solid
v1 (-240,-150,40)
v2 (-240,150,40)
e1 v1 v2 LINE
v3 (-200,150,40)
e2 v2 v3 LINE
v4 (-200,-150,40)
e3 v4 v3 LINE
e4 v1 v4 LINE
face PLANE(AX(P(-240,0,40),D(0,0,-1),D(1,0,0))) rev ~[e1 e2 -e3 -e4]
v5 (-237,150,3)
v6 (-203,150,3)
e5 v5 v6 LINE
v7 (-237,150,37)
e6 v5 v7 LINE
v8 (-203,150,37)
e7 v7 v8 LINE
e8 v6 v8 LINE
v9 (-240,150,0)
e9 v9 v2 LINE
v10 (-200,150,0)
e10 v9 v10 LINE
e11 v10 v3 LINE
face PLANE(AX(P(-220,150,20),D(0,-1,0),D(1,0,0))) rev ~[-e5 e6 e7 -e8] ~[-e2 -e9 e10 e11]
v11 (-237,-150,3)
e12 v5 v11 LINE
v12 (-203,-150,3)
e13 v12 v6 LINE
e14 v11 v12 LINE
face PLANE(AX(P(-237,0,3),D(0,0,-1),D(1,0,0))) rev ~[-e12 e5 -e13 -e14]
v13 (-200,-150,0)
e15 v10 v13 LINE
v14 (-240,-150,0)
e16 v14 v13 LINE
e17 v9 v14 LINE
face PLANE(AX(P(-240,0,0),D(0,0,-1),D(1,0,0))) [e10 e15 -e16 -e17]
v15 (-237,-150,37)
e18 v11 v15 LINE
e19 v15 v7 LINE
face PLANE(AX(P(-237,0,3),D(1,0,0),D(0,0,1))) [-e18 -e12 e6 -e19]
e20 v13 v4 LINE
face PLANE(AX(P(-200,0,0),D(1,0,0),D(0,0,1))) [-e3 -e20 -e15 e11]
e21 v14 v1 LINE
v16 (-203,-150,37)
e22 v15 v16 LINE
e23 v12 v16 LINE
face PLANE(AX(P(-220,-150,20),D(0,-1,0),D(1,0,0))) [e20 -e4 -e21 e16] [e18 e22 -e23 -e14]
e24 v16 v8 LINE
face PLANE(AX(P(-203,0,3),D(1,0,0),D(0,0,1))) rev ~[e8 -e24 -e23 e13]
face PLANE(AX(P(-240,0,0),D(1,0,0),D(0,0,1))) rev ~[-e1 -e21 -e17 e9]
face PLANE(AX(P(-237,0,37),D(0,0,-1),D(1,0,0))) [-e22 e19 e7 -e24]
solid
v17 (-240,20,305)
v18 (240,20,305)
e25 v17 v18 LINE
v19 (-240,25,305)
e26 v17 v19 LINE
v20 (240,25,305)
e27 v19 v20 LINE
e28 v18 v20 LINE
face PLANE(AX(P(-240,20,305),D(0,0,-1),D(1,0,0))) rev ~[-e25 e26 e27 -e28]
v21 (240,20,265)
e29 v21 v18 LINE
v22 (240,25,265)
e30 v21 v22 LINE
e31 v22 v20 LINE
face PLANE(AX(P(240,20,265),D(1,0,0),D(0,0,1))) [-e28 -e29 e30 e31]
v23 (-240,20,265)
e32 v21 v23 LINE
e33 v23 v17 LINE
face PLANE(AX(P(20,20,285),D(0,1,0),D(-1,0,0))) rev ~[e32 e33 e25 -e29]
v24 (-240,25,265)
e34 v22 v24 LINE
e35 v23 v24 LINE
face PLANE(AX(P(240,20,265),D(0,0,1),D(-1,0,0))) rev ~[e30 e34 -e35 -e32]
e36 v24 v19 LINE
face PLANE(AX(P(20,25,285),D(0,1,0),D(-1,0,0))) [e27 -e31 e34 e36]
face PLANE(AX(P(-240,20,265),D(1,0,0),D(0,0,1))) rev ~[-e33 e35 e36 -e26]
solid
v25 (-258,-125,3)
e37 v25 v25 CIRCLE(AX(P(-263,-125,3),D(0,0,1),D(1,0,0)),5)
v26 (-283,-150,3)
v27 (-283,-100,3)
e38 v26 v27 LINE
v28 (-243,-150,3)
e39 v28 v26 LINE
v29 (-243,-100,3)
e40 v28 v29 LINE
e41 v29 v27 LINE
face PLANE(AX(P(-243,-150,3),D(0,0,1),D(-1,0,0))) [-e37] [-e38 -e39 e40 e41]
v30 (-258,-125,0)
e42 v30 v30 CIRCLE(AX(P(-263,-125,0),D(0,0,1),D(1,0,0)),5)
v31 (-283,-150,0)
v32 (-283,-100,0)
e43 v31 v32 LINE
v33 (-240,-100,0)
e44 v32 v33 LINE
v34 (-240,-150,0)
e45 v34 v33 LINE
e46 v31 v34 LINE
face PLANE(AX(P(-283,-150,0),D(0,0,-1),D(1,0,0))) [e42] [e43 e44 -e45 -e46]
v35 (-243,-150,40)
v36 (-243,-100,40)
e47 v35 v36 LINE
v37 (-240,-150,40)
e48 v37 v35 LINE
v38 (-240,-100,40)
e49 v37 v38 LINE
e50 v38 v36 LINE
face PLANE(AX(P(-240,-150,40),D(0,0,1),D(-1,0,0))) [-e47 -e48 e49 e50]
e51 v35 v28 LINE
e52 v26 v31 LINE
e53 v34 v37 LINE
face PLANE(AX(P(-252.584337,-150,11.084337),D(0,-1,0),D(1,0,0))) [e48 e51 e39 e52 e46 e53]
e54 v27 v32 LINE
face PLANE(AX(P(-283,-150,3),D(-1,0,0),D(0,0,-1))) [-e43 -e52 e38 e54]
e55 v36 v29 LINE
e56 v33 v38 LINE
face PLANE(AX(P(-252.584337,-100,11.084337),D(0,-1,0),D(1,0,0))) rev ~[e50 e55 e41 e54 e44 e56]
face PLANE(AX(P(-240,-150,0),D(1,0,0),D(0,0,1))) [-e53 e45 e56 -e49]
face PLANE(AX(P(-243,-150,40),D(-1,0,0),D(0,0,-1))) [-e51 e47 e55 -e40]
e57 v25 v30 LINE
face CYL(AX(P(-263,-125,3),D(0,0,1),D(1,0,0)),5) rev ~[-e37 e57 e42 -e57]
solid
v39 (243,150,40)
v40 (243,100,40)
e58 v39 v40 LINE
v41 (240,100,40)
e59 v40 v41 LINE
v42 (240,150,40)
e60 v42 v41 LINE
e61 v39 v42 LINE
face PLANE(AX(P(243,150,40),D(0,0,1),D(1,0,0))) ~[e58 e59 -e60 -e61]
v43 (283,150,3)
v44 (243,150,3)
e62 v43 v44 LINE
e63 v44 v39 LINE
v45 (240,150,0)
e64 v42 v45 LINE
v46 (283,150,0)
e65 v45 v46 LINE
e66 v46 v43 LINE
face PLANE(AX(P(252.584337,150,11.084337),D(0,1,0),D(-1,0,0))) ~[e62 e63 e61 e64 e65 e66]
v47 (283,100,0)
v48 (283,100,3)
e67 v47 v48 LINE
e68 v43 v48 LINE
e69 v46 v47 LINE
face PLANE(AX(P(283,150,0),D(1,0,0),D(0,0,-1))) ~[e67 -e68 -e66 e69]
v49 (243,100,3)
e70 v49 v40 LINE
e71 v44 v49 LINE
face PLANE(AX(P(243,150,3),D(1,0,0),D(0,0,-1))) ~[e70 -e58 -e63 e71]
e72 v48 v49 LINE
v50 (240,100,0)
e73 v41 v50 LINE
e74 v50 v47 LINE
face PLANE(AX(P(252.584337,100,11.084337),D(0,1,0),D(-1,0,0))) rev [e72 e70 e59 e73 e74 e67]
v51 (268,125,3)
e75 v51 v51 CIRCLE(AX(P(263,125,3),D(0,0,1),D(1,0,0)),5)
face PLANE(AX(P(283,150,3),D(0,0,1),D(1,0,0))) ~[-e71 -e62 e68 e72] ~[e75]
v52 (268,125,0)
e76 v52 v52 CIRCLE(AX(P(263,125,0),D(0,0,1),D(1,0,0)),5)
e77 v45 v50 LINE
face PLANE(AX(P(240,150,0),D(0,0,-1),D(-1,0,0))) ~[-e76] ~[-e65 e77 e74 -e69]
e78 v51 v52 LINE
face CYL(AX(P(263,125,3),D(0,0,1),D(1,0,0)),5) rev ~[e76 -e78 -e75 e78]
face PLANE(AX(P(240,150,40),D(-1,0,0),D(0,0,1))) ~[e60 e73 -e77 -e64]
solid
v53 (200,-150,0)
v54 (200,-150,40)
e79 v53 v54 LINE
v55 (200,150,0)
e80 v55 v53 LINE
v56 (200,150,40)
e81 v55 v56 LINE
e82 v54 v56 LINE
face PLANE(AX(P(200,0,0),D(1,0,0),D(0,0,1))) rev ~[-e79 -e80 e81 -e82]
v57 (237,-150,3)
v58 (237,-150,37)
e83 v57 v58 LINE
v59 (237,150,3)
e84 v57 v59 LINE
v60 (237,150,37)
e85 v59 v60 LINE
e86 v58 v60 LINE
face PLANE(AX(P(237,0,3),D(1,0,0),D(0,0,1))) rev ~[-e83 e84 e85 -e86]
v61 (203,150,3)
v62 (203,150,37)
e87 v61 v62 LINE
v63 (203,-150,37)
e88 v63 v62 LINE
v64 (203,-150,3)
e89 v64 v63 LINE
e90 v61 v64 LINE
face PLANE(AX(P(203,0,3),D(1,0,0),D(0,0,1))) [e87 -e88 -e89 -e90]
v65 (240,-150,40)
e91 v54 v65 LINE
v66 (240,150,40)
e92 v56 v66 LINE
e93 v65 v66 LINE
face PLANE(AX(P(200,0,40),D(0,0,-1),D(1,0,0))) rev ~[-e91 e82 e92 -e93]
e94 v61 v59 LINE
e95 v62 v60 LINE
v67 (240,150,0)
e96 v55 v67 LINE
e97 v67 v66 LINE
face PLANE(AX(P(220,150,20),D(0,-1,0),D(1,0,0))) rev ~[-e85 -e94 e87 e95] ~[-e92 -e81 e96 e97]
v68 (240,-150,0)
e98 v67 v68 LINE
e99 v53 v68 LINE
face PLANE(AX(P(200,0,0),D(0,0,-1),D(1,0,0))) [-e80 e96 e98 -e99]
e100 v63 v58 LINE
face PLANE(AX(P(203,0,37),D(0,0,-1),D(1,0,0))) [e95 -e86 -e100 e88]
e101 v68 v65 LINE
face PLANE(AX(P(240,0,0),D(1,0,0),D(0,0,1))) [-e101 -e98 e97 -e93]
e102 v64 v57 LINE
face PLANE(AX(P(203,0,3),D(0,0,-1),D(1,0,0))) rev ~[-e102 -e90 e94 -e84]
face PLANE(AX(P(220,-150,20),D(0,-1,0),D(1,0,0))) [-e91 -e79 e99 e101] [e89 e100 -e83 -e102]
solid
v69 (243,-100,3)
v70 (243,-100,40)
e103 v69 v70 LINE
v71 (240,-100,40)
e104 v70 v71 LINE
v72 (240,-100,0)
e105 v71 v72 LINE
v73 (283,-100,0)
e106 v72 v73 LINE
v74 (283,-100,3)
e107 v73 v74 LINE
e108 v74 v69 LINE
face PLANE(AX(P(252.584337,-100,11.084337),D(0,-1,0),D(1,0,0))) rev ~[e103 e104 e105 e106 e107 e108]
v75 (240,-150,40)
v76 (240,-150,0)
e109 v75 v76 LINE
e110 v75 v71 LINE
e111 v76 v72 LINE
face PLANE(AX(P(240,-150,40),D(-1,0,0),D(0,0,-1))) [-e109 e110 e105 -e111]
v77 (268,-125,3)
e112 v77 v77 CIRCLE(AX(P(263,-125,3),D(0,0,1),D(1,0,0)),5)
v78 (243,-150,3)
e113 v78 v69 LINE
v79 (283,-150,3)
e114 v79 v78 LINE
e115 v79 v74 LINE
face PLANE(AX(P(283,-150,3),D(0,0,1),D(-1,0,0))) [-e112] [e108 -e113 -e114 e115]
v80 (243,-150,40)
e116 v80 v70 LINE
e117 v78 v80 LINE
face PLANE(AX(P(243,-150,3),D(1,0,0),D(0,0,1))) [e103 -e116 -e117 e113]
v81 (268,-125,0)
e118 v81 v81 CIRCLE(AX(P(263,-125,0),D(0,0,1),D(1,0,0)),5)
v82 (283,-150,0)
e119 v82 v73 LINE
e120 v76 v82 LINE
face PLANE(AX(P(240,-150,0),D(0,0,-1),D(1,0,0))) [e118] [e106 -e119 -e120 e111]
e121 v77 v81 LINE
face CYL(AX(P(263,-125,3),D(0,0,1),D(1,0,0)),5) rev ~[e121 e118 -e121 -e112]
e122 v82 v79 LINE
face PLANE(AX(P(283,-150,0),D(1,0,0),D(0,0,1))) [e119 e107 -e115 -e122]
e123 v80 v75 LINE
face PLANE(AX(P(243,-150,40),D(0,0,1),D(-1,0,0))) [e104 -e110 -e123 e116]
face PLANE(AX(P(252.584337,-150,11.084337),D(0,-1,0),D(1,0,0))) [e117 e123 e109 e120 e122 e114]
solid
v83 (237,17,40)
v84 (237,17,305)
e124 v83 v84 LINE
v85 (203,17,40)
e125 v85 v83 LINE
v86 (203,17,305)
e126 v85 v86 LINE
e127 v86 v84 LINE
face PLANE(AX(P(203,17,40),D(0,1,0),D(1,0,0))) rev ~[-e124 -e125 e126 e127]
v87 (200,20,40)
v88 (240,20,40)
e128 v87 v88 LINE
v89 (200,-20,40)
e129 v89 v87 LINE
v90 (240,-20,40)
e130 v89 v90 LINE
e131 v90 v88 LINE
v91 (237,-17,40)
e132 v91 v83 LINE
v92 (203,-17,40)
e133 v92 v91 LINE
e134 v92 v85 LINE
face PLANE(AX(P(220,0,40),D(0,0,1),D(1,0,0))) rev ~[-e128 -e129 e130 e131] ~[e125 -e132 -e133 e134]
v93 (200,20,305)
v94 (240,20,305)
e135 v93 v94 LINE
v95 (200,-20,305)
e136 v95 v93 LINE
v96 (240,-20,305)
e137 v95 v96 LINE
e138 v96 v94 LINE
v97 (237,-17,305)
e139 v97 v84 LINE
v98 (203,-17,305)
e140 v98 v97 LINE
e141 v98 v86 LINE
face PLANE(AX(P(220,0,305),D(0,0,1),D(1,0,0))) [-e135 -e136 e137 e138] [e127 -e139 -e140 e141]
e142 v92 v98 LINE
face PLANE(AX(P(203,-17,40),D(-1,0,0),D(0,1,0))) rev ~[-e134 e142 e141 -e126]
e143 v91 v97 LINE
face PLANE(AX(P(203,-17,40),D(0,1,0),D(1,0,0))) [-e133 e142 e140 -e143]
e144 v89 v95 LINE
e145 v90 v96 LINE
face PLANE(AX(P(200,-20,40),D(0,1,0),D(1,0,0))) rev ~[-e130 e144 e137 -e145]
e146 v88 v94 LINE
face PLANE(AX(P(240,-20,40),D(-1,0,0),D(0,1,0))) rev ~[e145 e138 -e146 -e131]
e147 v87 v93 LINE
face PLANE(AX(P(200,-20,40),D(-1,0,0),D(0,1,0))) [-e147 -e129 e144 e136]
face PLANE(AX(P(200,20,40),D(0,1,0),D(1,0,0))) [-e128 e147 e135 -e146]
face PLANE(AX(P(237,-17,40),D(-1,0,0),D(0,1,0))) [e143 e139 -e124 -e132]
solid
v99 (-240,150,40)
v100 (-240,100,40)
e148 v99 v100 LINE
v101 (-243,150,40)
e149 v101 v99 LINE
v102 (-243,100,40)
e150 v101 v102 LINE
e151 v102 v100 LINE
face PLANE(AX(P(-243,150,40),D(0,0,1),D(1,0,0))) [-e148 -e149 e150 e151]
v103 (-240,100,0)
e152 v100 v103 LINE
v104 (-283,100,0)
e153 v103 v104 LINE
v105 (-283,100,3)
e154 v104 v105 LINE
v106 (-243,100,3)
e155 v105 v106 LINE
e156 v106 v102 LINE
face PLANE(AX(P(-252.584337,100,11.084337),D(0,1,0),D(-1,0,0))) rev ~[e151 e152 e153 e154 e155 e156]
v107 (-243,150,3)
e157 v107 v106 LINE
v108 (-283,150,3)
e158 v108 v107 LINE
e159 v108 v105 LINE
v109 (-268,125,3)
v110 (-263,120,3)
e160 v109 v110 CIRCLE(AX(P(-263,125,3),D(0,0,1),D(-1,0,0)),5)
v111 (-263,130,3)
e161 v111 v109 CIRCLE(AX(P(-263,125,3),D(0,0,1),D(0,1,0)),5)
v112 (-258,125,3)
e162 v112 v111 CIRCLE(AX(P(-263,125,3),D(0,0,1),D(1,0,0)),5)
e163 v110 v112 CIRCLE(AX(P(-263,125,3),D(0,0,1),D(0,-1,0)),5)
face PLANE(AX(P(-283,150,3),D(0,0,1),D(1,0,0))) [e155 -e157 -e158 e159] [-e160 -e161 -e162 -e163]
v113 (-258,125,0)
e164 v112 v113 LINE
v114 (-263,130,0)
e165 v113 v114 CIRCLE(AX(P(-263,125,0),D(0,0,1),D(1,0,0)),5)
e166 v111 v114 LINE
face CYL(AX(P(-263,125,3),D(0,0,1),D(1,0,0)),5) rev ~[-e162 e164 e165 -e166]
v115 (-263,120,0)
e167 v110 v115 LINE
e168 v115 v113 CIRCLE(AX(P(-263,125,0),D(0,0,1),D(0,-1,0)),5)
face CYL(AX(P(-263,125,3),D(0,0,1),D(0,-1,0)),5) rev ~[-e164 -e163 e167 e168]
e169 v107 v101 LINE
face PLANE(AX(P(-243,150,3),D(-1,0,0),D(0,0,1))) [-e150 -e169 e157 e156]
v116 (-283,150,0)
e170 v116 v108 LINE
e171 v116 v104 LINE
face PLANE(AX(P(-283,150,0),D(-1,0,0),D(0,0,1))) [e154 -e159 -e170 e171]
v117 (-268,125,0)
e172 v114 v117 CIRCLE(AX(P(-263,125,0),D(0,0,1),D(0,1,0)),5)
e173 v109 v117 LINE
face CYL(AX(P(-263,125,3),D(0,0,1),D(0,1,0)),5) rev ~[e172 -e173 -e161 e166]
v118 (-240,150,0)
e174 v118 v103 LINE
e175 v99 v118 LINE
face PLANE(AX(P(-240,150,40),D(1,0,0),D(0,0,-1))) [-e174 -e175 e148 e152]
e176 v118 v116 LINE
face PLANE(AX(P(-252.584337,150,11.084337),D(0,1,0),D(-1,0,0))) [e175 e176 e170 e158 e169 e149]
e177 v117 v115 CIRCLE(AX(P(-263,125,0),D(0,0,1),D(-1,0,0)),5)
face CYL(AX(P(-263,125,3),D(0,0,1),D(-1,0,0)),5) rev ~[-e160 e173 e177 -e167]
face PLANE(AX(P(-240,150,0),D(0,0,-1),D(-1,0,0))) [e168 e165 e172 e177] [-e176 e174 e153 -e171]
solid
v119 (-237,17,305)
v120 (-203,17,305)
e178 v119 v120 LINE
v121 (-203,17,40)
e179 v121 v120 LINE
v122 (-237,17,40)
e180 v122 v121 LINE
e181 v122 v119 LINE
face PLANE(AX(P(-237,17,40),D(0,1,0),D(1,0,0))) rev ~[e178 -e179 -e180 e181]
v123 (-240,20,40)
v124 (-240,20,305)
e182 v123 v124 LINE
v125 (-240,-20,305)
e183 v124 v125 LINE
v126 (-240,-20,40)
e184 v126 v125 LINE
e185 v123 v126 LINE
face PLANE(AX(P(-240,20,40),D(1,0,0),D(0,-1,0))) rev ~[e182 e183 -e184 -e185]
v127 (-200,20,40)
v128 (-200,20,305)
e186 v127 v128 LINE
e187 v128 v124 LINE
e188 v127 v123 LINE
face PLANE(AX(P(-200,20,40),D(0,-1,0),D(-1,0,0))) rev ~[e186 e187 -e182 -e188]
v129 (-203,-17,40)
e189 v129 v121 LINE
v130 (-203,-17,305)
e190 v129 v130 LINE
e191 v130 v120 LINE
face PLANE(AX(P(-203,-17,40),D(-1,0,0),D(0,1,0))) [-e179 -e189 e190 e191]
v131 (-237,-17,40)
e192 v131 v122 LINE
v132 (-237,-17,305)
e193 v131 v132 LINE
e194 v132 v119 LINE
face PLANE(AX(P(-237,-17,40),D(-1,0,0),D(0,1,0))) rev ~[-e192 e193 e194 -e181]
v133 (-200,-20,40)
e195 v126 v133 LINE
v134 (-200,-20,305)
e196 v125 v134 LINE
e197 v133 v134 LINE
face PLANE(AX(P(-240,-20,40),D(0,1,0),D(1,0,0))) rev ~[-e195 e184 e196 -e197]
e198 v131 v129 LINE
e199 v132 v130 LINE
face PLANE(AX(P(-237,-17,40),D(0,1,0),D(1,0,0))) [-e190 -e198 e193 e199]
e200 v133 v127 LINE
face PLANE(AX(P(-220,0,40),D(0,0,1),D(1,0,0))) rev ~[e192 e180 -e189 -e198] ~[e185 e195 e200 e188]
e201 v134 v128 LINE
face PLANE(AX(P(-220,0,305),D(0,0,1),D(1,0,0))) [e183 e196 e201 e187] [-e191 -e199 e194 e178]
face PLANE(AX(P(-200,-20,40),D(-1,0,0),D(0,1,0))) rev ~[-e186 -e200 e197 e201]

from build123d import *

# Parameters (mm, degrees)
F0_W      = 40
F0_H      = 40
F0_W_2    = 34
F0_H_2    = 34
F1_DEPTH  = 150
F2_W      = 34
F2_H      = 34
F3_DEPTH  = 265
F2_W_2    = 40
F2_H_2    = 40
F5_DEPTH  = 50
F8_DEPTH  = 50
F9_W      = 440
F9_H      = 40
F9_W_2    = 40
F10_DEPTH = 5
F11_R     = 5
F12_DEPTH = 25


with BuildPart() as f1:
    # F0 (on Front) → F1 (new body, symmetric)
    with BuildSketch(Plane.XZ):
        with Locations((-220, 20)):
            Rectangle(F0_W, F0_H)
        with Locations((-220, 20)):
            Rectangle(F0_W_2, F0_H_2, mode=Mode.SUBTRACT)
    extrude(amount=F1_DEPTH, both=True)


with BuildPart() as f1b:
    # F0 (on Front) → F1, piece 2 (new body, symmetric)
    with BuildSketch(Plane.XZ):
        with Locations((220, 20)):
            Rectangle(F0_W, F0_H)
        with Locations((220, 20)):
            Rectangle(F0_W_2, F0_H_2, mode=Mode.SUBTRACT)
    extrude(amount=F1_DEPTH, both=True)


with BuildPart() as f3:
    # F2 (on face) → F3 (new body)
    with BuildSketch(Plane.XY.offset(40)):
        Polygon((-240, 20), (-240, 0), (-240, -20), (-200, -20), (-200, 20), align=None)
        with Locations((-220, 0)):
            Rectangle(F2_W, F2_H, mode=Mode.SUBTRACT)
    extrude(amount=F3_DEPTH)


with BuildPart() as f3b:
    # F2 (on face) → F3, piece 2 (new body)
    with BuildSketch(Plane.XY.offset(40)):
        with Locations((220, 0)):
            Rectangle(F2_W_2, F2_H_2)
        with Locations((220, 0)):
            Rectangle(F2_W, F2_H, mode=Mode.SUBTRACT)
    extrude(amount=F3_DEPTH)


with BuildPart() as f5:
    # F4 (on face) → F5 (new body)
    with BuildSketch(Plane.XZ.offset(150)):
        Polygon((-240, 0), (-240, 40), (-243, 40), (-243, 3), (-283, 3), (-283, 0), align=None)
    extrude(amount=-F5_DEPTH)


with BuildPart() as f5b:
    # F4 (on face) → F5, piece 2 (new body)
    with BuildSketch(Plane.XZ.offset(150)):
        Polygon((283, 3), (243, 3), (243, 40), (240, 40), (240, 0), (283, 0), align=None)
    extrude(amount=-F5_DEPTH)


with BuildPart() as f6_1:
    # F6: instance of F5b
    add(f5b.part.mirror(Plane.XZ))


with BuildPart() as f8:
    # F7 (on face) → F8 (new body)
    with BuildSketch(Plane(origin=(0, 150, 0), x_dir=(-1, 0, 0), z_dir=(0, 1, 0))):
        Polygon((240, 0), (283, 0), (283, 3), (243, 3), (243, 40), (240, 40), align=None)
    extrude(amount=-F8_DEPTH)


with BuildPart() as f10:
    # F9 (on face) → F10 (new body)
    with BuildSketch(Plane(origin=(0, 20, 0), x_dir=(-1, 0, 0), z_dir=(0, 1, 0))):
        with Locations((-20, 285)):
            Rectangle(F9_W, F9_H)
        with Locations((220, 285)):
            Rectangle(F9_W_2, F9_H)
    extrude(amount=F10_DEPTH)


with BuildPart() as f12_tool:
    # F11 (on face) → F12 (new body)
    with BuildSketch(Plane.XY.offset(3)):
        with BuildLine():
            ThreePointArc((-258, 125), (-259.4644660941, 128.5355339059), (-263, 130))
            Line((-263, 130), (-263, 125))
            Line((-263, 125), (-263, 120))
            ThreePointArc((-263, 120), (-259.4644660941, 121.4644660941), (-258, 125))
        make_face()
        with BuildLine():
            Line((-263, 120), (-263, 125))
            Line((-263, 125), (-268, 125))
            ThreePointArc((-268, 125), (-266.5355339059, 121.4644660941), (-263, 120))
        make_face()
        with BuildLine():
            Line((-263, 125), (-263, 130))
            ThreePointArc((-263, 130), (-266.5355339059, 128.5355339059), (-268, 125))
            Line((-268, 125), (-263, 125))
        make_face()
        with Locations((-263, -125)):
            Circle(F11_R)
        with Locations((263, -125)):
            Circle(F11_R)
        with Locations((263, 125)):
            Circle(F11_R)
    extrude(amount=-F12_DEPTH)


with BuildPart() as f5_1:
    add(f5.part)

    # F12: cut by f12_tool
    add(f12_tool.part, mode=Mode.SUBTRACT)


with BuildPart() as f5b_1:
    add(f5b.part)

    # F12: cut by f12_tool
    add(f12_tool.part, mode=Mode.SUBTRACT)


with BuildPart() as f6_1_1:
    add(f6_1.part)

    # F12: cut by f12_tool
    add(f12_tool.part, mode=Mode.SUBTRACT)


with BuildPart() as f8_1:
    add(f8.part)

    # F12: cut by f12_tool
    add(f12_tool.part, mode=Mode.SUBTRACT)


solid = Compound([f1.part, f1b.part, f3.part, f3b.part, f10.part, f5_1.part, f5b_1.part, f6_1_1.part, f8_1.part])
